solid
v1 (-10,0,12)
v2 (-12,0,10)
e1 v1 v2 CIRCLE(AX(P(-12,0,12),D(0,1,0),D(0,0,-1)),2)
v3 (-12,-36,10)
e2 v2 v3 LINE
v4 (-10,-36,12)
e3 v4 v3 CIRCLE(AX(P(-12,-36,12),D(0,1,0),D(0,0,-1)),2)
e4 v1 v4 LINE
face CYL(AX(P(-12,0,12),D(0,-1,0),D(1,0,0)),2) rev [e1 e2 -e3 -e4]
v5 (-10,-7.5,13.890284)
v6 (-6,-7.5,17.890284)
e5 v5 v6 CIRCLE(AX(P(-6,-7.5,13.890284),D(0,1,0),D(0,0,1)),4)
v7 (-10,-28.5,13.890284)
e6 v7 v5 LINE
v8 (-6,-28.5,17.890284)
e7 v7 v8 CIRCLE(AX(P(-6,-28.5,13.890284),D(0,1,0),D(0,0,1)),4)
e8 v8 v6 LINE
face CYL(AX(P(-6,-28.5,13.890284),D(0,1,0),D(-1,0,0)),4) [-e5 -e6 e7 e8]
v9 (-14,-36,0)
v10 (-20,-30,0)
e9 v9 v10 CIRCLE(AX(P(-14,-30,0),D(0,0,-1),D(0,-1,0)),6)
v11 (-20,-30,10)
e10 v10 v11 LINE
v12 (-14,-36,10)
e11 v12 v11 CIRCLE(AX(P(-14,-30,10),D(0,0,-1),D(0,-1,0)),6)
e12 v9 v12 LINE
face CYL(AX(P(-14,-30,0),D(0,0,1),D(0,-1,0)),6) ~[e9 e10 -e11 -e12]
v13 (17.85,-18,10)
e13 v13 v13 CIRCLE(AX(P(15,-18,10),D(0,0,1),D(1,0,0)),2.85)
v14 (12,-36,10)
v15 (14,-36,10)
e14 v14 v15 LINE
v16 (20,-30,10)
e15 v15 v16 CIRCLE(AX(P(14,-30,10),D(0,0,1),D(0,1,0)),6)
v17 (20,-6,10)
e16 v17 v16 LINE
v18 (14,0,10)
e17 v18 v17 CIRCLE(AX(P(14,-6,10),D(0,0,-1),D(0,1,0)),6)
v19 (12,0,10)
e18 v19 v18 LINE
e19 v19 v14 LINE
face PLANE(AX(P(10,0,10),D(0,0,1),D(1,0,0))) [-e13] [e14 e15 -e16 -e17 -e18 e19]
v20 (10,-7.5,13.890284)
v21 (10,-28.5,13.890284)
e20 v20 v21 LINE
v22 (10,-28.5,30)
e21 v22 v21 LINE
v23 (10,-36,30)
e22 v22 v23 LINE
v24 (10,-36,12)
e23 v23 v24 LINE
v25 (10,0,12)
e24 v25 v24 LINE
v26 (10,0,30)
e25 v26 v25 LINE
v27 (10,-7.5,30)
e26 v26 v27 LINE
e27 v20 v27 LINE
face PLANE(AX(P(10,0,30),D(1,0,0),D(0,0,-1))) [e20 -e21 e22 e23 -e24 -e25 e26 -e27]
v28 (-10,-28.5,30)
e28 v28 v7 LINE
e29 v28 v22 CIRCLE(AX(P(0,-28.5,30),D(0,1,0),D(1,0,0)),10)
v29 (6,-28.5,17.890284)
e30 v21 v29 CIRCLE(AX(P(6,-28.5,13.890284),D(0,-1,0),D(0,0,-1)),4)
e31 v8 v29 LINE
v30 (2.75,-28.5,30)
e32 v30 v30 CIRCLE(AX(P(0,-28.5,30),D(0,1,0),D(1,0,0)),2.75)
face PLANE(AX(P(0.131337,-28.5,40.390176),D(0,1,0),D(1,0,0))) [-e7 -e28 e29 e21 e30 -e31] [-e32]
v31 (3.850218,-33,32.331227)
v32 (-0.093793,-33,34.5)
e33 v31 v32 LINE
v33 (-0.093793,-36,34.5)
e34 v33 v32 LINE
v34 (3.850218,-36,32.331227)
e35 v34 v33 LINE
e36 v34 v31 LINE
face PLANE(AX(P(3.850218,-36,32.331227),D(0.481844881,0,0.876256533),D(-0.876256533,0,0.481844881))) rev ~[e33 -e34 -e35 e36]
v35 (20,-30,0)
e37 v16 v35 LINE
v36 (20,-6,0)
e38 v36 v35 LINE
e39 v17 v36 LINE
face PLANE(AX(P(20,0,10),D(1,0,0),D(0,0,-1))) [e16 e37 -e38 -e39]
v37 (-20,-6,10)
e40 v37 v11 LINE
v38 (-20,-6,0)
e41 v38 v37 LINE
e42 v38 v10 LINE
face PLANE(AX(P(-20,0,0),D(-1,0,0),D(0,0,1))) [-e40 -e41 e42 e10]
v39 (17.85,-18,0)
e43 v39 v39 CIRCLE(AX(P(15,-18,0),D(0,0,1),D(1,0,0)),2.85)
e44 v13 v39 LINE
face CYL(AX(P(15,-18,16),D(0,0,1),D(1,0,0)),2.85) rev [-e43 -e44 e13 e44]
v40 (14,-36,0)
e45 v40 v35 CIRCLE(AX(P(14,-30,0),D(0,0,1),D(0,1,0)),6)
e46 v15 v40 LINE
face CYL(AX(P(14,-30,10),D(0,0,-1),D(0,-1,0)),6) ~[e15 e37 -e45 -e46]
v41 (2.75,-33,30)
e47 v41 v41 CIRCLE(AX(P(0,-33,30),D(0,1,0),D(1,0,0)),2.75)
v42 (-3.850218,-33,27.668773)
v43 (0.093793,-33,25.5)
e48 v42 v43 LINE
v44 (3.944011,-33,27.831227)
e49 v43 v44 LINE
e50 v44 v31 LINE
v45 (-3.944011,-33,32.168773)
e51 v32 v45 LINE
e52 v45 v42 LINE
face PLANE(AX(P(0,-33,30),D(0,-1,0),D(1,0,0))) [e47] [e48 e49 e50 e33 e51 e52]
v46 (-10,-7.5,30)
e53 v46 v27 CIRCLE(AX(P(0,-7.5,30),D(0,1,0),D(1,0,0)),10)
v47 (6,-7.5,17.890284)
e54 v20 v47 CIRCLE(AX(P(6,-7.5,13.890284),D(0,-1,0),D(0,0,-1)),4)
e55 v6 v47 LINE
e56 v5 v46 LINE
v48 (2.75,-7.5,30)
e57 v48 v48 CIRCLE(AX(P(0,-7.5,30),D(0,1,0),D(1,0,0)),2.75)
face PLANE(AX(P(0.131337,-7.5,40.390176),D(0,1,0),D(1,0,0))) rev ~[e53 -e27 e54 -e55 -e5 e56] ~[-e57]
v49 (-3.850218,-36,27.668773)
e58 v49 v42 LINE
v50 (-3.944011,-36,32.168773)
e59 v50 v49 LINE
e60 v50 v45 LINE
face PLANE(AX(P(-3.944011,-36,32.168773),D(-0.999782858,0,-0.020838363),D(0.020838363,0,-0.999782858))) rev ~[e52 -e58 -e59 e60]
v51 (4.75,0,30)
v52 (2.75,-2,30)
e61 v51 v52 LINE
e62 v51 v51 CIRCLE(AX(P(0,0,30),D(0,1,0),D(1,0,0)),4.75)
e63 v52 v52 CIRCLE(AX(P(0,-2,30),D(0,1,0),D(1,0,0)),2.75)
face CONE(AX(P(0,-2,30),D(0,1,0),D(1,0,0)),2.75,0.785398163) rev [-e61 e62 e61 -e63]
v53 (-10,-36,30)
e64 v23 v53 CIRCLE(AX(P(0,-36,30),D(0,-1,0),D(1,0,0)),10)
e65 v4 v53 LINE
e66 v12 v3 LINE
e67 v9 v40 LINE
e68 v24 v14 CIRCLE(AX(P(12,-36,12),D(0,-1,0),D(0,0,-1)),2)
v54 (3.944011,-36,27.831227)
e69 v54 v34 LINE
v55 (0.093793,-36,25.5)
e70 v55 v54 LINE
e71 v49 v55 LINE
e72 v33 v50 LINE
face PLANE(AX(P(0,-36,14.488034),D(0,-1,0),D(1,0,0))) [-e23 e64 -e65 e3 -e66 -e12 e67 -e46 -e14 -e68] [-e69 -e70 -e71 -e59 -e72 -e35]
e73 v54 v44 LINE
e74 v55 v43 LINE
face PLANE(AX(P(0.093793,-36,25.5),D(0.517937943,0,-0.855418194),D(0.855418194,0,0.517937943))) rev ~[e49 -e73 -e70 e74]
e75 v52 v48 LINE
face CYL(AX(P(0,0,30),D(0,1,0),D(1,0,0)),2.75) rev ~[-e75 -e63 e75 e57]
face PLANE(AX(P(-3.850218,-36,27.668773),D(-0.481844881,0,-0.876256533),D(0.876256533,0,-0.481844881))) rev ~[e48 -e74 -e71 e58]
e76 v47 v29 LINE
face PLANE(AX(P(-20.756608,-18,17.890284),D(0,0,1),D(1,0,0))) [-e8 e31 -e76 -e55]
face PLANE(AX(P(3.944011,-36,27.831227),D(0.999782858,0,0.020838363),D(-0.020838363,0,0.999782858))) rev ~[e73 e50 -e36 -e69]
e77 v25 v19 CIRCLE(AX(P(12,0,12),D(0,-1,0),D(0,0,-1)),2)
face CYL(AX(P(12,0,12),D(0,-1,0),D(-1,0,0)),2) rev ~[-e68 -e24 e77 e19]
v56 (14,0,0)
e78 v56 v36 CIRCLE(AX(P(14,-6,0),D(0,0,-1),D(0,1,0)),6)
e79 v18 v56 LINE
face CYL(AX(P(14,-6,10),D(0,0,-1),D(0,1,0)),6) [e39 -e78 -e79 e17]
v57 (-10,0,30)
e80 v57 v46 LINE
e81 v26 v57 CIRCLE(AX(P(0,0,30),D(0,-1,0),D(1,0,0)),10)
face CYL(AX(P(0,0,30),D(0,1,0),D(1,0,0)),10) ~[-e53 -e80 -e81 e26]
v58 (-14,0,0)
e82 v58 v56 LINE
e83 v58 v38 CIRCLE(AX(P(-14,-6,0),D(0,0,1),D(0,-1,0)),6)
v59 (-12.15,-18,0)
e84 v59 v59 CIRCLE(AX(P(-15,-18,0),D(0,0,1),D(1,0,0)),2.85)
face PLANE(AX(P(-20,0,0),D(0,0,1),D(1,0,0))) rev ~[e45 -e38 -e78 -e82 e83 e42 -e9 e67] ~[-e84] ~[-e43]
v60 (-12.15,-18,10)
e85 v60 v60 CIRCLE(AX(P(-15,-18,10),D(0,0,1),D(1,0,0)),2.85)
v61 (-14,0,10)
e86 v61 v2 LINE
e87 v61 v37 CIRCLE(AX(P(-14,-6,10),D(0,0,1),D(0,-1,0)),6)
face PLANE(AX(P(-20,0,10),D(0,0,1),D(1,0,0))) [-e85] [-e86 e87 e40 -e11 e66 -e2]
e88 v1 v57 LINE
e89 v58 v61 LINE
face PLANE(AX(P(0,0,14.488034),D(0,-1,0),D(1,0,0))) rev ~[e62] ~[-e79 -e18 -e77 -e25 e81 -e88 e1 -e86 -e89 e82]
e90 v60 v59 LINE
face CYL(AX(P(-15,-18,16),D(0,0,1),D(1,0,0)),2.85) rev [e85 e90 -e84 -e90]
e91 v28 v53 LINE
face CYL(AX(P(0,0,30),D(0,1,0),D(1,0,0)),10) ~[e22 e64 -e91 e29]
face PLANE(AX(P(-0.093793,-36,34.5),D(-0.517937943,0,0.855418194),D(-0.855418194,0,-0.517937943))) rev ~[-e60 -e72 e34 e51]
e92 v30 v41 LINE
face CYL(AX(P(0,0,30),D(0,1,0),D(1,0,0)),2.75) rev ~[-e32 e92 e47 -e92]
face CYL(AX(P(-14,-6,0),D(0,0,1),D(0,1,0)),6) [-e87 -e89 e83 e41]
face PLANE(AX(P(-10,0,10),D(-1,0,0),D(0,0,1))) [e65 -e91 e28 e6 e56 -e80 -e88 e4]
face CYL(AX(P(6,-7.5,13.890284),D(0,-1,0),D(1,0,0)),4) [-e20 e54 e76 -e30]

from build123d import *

# Parameters (mm, degrees)
PAD_DEPTH       = 36
SKETCH001_W     = 41.77589
SKETCH001_H     = 44.999783
POCKET_DEPTH    = 10.5
SKETCH002_R     = 2.75
POCKET001_DEPTH = 36.001
FILLET_R        = 4
FILLET001_R     = 2
SKETCH003_R     = 2.85
HOLE_DEPTH      = 16.001
FILLET002_R     = 6
CHAMFER_SIZE    = 2
POCKET002_DEPTH = 3


with BuildPart() as part:
    # Sketch → Pad (new body)
    with BuildSketch(Plane.XZ):
        with BuildLine():
            Line((-20, 0), (20, 0))
            Line((20, 10), (20, 0))
            Line((10, 10), (20, 10))
            Line((10, 30), (10, 10))
            ThreePointArc((10, 30), (0, 40), (-10, 30))
            Line((-10, 10), (-10, 30))
            Line((-20, 10), (-10, 10))
            Line((-20, 0), (-20, 10))
        make_face()
    extrude(amount=PAD_DEPTH)

    # Sketch001 (on DatumPlane) → Pocket (cut, symmetric)
    with BuildSketch(Plane(origin=(0, -18, 0), x_dir=(1, 0, 0), z_dir=(0, 1, 0))):
        with Locations((0.131337, -40.390176)):
            Rectangle(SKETCH001_W, SKETCH001_H)
    extrude(amount=POCKET_DEPTH, both=True, mode=Mode.SUBTRACT)

    # Sketch002 (on Face4 of Pocket) → Pocket001 (cut, through all)
    with BuildSketch(Plane(origin=(0, 0, 0), x_dir=(1, 0, 0), z_dir=(0, 1, 0))):
        with Locations((0, -30)):
            Circle(SKETCH002_R)
    extrude(amount=-POCKET001_DEPTH, mode=Mode.SUBTRACT)

    # Fillet
    fillet_edges = [part.edges().sort_by_distance(p)[0] for p in [
        (10, -18, 17.890285),
        (-10, -18, 17.890285),
    ]]
    fillet(fillet_edges, radius=FILLET_R)

    # Fillet001
    fillet001_edges = [part.edges().sort_by_distance(p)[0] for p in [
        (10, -18, 10),
        (-10, -18, 10),
    ]]
    fillet(fillet001_edges, radius=FILLET001_R)

    # Sketch003 (on DatumPlane) → Hole (cut, through all)
    with BuildSketch(Plane(origin=(0, 0, 16), x_dir=(1, 0, 0), z_dir=(0, 0, -1))):
        with Locations((15, 18)):
            Circle(SKETCH003_R)
        with Locations((-15, 18)):
            Circle(SKETCH003_R)
    extrude(amount=HOLE_DEPTH, mode=Mode.SUBTRACT)

    # Fillet002
    fillet002_edges = [part.edges().sort_by_distance(p)[0] for p in [
        (20, 0, 5),
        (-20, 0, 5),
        (-20, -36, 5),
        (20, -36, 5),
    ]]
    fillet(fillet002_edges, radius=FILLET002_R)

    # Chamfer
    chamfer_edges = [part.edges().sort_by_distance(p)[0] for p in [
        (-2.75, 0, 30),
    ]]
    chamfer(chamfer_edges, length=CHAMFER_SIZE)

    # Sketch004 (on Face15 of Chamfer) → Pocket002 (cut)
    with BuildSketch(Plane.XZ.offset(36)):
        Polygon((-0.093793, 34.5), (-3.944011, 32.168773), (-3.850218, 27.668773), (0.093793, 25.5), (3.944011, 27.831227), (3.850218, 32.331227), align=None)
    extrude(amount=-POCKET002_DEPTH, mode=Mode.SUBTRACT)


solid = part.part
